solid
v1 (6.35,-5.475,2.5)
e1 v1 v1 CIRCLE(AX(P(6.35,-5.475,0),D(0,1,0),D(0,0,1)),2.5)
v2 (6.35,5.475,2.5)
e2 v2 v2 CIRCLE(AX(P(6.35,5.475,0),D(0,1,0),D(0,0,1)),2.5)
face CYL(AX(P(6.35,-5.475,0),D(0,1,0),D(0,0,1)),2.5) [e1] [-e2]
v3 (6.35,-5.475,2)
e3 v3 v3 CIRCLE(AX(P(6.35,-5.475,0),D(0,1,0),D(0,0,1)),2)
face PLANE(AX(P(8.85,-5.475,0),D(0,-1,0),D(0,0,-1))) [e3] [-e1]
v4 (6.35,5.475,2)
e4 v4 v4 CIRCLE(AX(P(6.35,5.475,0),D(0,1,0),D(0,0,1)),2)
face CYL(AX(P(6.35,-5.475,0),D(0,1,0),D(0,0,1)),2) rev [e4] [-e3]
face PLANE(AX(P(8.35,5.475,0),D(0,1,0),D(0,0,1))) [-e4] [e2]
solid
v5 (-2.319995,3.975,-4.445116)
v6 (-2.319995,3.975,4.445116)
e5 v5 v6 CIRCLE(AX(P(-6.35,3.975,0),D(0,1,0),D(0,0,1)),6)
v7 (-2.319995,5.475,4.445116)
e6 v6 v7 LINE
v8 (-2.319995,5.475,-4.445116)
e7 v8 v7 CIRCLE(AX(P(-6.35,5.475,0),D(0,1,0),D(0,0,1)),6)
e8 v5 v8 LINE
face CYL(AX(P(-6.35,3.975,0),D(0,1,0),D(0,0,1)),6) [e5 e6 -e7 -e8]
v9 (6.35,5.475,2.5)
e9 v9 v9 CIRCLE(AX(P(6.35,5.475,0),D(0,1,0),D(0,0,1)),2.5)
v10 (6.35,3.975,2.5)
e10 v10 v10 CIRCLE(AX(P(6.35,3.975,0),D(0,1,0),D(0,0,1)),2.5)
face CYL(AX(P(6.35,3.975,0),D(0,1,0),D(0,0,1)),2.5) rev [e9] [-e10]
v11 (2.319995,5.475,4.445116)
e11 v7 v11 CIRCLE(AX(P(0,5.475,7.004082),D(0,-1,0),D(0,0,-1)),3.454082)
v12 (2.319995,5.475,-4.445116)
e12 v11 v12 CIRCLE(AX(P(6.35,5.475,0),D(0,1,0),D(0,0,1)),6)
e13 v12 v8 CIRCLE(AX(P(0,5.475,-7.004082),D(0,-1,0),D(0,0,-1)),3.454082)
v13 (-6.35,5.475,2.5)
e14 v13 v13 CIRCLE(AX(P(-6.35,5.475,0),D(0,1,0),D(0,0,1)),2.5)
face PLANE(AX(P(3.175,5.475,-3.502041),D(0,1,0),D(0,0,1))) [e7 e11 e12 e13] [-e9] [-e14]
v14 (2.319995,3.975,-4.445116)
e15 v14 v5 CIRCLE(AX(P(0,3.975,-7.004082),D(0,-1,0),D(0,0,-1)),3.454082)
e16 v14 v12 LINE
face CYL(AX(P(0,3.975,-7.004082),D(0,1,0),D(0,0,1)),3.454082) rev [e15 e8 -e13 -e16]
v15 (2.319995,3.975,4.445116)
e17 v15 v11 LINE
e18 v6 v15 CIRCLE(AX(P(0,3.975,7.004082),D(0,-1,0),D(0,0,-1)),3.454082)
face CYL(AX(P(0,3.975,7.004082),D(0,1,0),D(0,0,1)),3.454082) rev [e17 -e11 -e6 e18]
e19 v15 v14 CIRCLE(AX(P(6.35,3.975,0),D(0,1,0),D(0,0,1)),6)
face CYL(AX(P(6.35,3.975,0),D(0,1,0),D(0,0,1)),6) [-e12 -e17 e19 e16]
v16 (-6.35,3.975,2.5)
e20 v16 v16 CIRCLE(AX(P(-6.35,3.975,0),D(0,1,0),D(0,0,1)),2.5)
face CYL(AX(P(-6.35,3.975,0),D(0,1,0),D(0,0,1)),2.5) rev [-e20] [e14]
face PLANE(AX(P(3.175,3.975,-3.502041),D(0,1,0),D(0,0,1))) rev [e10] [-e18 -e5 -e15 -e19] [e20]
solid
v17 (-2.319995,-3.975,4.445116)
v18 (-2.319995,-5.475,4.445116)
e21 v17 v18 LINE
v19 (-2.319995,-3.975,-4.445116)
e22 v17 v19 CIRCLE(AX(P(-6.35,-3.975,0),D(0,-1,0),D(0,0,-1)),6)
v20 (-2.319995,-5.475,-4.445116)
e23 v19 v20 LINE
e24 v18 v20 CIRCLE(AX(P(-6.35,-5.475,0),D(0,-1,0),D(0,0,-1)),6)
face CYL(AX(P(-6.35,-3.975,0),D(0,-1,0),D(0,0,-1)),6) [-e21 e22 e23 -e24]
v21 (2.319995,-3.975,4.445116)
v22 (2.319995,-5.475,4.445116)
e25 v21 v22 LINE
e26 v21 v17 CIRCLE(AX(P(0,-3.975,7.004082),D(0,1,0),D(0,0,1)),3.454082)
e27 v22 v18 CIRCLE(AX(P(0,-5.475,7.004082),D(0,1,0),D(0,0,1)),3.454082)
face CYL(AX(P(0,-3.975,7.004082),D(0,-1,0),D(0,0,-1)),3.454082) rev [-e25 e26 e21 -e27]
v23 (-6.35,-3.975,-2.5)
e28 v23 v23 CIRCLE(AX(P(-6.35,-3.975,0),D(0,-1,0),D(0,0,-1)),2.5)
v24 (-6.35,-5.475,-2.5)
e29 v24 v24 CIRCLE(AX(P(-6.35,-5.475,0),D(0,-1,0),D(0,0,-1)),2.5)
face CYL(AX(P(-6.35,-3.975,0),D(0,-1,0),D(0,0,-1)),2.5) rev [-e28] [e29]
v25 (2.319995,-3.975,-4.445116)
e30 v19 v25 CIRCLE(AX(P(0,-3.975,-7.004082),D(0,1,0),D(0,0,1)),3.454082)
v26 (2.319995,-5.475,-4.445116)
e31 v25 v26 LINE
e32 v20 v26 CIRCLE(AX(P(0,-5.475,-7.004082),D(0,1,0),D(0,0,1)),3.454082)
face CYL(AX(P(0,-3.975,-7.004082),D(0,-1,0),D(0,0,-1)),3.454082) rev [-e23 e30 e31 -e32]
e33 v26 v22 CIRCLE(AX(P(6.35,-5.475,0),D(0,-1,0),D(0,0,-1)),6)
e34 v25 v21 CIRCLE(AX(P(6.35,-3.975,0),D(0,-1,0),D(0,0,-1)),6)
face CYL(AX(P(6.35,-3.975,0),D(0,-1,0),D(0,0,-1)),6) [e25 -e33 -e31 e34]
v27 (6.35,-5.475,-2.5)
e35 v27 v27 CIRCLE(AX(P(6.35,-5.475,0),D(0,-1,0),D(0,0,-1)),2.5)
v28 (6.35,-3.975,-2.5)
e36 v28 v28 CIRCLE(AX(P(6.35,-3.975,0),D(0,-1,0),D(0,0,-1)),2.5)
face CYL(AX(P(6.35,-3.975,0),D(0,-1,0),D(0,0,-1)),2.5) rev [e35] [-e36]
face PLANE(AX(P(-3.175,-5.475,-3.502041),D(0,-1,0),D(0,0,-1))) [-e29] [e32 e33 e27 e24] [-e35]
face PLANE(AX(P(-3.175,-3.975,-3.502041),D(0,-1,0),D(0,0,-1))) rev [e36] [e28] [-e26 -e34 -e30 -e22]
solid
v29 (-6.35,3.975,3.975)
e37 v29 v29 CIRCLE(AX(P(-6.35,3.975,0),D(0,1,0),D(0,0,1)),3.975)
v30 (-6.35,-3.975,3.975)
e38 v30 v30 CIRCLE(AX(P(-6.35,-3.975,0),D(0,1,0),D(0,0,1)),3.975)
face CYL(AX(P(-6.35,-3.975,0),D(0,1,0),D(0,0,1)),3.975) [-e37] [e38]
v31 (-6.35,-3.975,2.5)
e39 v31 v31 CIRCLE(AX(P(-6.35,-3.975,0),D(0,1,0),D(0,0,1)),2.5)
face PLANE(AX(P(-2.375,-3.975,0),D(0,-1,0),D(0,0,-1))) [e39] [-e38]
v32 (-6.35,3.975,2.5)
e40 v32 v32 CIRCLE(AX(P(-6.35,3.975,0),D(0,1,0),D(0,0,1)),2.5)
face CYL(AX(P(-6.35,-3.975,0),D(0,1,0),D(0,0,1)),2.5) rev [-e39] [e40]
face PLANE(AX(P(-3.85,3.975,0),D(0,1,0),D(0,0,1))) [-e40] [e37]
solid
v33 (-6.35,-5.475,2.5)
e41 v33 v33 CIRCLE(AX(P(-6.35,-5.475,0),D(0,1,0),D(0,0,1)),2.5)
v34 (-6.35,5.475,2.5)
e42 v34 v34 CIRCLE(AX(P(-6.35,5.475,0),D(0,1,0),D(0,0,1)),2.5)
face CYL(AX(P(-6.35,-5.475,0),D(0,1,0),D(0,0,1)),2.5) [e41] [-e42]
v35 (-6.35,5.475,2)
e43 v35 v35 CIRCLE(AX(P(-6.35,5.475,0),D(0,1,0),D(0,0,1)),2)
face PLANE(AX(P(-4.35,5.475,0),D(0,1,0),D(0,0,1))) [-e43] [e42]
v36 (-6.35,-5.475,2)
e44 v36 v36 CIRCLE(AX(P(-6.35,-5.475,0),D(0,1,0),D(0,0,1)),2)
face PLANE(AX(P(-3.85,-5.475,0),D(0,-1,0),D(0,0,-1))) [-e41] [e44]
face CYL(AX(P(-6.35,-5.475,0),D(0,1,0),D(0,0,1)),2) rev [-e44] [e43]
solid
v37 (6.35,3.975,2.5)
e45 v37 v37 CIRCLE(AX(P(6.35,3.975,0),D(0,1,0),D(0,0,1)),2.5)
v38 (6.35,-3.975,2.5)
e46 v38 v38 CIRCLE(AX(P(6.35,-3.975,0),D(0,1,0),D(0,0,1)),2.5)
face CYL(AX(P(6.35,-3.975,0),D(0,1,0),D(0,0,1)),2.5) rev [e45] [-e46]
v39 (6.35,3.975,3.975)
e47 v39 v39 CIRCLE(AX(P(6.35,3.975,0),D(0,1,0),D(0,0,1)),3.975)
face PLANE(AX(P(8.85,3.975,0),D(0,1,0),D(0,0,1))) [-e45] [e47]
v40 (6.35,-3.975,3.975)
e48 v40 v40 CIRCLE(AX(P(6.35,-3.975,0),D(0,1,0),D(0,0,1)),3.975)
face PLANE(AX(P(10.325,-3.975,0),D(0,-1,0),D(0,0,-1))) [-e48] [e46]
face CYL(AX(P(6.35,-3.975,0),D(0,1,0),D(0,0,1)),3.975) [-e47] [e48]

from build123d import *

# Parameters (mm, degrees)
ESBO_O85_R                = 2.5
RESSALTO_EXTRUS_O9_DEPTH  = 1.5
ESBO_O90_R                = 2.5
RESSALTO_EXTRUS_O10_DEPTH = 1.5
ESBO_O96_W                = 1.475
ESBO_O96_H                = 7.95
ESBO_O103_W               = 1.475
ESBO_O103_H               = 7.95
ESBO_O110_W               = 0.5
ESBO_O110_H               = 10.95
ESBO_O117_W               = 0.5
ESBO_O117_H               = 10.95


with BuildPart() as part:
    # Esboço85 → Ressalto-extrusão9 (new body)
    with BuildSketch(Plane(origin=(0, 5.475, 0), x_dir=(1, 0, 0), z_dir=(0, 1, 0))):
        with BuildLine():
            ThreePointArc((2.319994603, 4.445116028), (0, 3.55), (-2.319994603, 4.445116028))
            ThreePointArc((-2.319994603, 4.445116028), (-12.35, 0), (-2.319994603, -4.445116028))
            ThreePointArc((-2.319994603, -4.445116028), (0, -3.55), (2.319994603, -4.445116028))
            ThreePointArc((2.319994603, -4.445116028), (12.35, 0), (2.319994603, 4.445116028))
        make_face()
        with Locations(Location((6.35, 0, 0), (0, 0, 270))):
            Circle(ESBO_O85_R, mode=Mode.SUBTRACT)
        with Locations(Location((-6.35, 0, 0), (0, 0, 270))):
            Circle(ESBO_O85_R, mode=Mode.SUBTRACT)
    extrude(amount=-RESSALTO_EXTRUS_O9_DEPTH)


with BuildPart() as body_2:
    # Esboço90 → Ressalto-extrusão10 (new body)
    with BuildSketch(Plane(origin=(0, -5.475, 0), x_dir=(-1, 0, 0), z_dir=(0, -1, 0))):
        with BuildLine():
            ThreePointArc((2.319994603, 4.445116028), (0, 3.55), (-2.319994603, 4.445116028))
            ThreePointArc((-2.319994603, 4.445116028), (-12.35, 0), (-2.319994603, -4.445116028))
            ThreePointArc((-2.319994603, -4.445116028), (0, -3.55), (2.319994603, -4.445116028))
            ThreePointArc((2.319994603, -4.445116028), (12.35, 0), (2.319994603, 4.445116028))
        make_face()
        with Locations(Location((-6.35, 0, 0), (0, 0, 90))):
            Circle(ESBO_O90_R, mode=Mode.SUBTRACT)
        with Locations(Location((6.35, 0, 0), (0, 0, 90))):
            Circle(ESBO_O90_R, mode=Mode.SUBTRACT)
    extrude(amount=-RESSALTO_EXTRUS_O10_DEPTH)


with BuildPart() as body_3:
    # Esboço96 → Revolução13 (revolve)
    with BuildSketch(Plane(origin=(0, 0, 0), x_dir=(-1, 0, 0), z_dir=(0, 0, -1)), mode=Mode.PRIVATE) as revolu_o13_sk:
        with Locations((3.1125, 0)):
            Rectangle(ESBO_O96_W, ESBO_O96_H)
    revolve(revolu_o13_sk.sketch.rotate(Axis((-6.35, -3.975, 0), (0, 1, 0)), 270), axis=Axis((-6.35, -3.975, 0), (0, 1, 0)))


with BuildPart() as body_4:
    # Esboço103 → Revolução14 (revolve)
    with BuildSketch(Plane(origin=(0, 0, 0), x_dir=(-1, 0, 0), z_dir=(0, 0, -1)), mode=Mode.PRIVATE) as revolu_o14_sk:
        with Locations((-9.5875, 0)):
            Rectangle(ESBO_O103_W, ESBO_O103_H)
    revolve(revolu_o14_sk.sketch.rotate(Axis((6.35, -3.975, 0), (0, 1, 0)), 270), axis=Axis((6.35, -3.975, 0), (0, 1, 0)))


with BuildPart() as body_5:
    # Esboço110 → Revolução15 (revolve)
    with BuildSketch(Plane(origin=(0, 0, 0), x_dir=(-1, 0, 0), z_dir=(0, 0, -1)), mode=Mode.PRIVATE) as revolu_o15_sk:
        with Locations((4.1, 0)):
            Rectangle(ESBO_O110_W, ESBO_O110_H)
    revolve(revolu_o15_sk.sketch.rotate(Axis((-6.35, -5.475, 0), (0, 1, 0)), 270), axis=Axis((-6.35, -5.475, 0), (0, 1, 0)))


with BuildPart() as body_6:
    # Esboço117 → Revolução16 (revolve)
    with BuildSketch(Plane(origin=(0, 0, 0), x_dir=(-1, 0, 0), z_dir=(0, 0, -1)), mode=Mode.PRIVATE) as revolu_o16_sk:
        with Locations((-8.6, 0)):
            Rectangle(ESBO_O117_W, ESBO_O117_H)
    revolve(revolu_o16_sk.sketch.rotate(Axis((6.35, -5.475, 0), (0, 1, 0)), 270), axis=Axis((6.35, -5.475, 0), (0, 1, 0)))


solid = Compound([part.part, body_2.part, body_3.part, body_4.part, body_5.part, body_6.part])
